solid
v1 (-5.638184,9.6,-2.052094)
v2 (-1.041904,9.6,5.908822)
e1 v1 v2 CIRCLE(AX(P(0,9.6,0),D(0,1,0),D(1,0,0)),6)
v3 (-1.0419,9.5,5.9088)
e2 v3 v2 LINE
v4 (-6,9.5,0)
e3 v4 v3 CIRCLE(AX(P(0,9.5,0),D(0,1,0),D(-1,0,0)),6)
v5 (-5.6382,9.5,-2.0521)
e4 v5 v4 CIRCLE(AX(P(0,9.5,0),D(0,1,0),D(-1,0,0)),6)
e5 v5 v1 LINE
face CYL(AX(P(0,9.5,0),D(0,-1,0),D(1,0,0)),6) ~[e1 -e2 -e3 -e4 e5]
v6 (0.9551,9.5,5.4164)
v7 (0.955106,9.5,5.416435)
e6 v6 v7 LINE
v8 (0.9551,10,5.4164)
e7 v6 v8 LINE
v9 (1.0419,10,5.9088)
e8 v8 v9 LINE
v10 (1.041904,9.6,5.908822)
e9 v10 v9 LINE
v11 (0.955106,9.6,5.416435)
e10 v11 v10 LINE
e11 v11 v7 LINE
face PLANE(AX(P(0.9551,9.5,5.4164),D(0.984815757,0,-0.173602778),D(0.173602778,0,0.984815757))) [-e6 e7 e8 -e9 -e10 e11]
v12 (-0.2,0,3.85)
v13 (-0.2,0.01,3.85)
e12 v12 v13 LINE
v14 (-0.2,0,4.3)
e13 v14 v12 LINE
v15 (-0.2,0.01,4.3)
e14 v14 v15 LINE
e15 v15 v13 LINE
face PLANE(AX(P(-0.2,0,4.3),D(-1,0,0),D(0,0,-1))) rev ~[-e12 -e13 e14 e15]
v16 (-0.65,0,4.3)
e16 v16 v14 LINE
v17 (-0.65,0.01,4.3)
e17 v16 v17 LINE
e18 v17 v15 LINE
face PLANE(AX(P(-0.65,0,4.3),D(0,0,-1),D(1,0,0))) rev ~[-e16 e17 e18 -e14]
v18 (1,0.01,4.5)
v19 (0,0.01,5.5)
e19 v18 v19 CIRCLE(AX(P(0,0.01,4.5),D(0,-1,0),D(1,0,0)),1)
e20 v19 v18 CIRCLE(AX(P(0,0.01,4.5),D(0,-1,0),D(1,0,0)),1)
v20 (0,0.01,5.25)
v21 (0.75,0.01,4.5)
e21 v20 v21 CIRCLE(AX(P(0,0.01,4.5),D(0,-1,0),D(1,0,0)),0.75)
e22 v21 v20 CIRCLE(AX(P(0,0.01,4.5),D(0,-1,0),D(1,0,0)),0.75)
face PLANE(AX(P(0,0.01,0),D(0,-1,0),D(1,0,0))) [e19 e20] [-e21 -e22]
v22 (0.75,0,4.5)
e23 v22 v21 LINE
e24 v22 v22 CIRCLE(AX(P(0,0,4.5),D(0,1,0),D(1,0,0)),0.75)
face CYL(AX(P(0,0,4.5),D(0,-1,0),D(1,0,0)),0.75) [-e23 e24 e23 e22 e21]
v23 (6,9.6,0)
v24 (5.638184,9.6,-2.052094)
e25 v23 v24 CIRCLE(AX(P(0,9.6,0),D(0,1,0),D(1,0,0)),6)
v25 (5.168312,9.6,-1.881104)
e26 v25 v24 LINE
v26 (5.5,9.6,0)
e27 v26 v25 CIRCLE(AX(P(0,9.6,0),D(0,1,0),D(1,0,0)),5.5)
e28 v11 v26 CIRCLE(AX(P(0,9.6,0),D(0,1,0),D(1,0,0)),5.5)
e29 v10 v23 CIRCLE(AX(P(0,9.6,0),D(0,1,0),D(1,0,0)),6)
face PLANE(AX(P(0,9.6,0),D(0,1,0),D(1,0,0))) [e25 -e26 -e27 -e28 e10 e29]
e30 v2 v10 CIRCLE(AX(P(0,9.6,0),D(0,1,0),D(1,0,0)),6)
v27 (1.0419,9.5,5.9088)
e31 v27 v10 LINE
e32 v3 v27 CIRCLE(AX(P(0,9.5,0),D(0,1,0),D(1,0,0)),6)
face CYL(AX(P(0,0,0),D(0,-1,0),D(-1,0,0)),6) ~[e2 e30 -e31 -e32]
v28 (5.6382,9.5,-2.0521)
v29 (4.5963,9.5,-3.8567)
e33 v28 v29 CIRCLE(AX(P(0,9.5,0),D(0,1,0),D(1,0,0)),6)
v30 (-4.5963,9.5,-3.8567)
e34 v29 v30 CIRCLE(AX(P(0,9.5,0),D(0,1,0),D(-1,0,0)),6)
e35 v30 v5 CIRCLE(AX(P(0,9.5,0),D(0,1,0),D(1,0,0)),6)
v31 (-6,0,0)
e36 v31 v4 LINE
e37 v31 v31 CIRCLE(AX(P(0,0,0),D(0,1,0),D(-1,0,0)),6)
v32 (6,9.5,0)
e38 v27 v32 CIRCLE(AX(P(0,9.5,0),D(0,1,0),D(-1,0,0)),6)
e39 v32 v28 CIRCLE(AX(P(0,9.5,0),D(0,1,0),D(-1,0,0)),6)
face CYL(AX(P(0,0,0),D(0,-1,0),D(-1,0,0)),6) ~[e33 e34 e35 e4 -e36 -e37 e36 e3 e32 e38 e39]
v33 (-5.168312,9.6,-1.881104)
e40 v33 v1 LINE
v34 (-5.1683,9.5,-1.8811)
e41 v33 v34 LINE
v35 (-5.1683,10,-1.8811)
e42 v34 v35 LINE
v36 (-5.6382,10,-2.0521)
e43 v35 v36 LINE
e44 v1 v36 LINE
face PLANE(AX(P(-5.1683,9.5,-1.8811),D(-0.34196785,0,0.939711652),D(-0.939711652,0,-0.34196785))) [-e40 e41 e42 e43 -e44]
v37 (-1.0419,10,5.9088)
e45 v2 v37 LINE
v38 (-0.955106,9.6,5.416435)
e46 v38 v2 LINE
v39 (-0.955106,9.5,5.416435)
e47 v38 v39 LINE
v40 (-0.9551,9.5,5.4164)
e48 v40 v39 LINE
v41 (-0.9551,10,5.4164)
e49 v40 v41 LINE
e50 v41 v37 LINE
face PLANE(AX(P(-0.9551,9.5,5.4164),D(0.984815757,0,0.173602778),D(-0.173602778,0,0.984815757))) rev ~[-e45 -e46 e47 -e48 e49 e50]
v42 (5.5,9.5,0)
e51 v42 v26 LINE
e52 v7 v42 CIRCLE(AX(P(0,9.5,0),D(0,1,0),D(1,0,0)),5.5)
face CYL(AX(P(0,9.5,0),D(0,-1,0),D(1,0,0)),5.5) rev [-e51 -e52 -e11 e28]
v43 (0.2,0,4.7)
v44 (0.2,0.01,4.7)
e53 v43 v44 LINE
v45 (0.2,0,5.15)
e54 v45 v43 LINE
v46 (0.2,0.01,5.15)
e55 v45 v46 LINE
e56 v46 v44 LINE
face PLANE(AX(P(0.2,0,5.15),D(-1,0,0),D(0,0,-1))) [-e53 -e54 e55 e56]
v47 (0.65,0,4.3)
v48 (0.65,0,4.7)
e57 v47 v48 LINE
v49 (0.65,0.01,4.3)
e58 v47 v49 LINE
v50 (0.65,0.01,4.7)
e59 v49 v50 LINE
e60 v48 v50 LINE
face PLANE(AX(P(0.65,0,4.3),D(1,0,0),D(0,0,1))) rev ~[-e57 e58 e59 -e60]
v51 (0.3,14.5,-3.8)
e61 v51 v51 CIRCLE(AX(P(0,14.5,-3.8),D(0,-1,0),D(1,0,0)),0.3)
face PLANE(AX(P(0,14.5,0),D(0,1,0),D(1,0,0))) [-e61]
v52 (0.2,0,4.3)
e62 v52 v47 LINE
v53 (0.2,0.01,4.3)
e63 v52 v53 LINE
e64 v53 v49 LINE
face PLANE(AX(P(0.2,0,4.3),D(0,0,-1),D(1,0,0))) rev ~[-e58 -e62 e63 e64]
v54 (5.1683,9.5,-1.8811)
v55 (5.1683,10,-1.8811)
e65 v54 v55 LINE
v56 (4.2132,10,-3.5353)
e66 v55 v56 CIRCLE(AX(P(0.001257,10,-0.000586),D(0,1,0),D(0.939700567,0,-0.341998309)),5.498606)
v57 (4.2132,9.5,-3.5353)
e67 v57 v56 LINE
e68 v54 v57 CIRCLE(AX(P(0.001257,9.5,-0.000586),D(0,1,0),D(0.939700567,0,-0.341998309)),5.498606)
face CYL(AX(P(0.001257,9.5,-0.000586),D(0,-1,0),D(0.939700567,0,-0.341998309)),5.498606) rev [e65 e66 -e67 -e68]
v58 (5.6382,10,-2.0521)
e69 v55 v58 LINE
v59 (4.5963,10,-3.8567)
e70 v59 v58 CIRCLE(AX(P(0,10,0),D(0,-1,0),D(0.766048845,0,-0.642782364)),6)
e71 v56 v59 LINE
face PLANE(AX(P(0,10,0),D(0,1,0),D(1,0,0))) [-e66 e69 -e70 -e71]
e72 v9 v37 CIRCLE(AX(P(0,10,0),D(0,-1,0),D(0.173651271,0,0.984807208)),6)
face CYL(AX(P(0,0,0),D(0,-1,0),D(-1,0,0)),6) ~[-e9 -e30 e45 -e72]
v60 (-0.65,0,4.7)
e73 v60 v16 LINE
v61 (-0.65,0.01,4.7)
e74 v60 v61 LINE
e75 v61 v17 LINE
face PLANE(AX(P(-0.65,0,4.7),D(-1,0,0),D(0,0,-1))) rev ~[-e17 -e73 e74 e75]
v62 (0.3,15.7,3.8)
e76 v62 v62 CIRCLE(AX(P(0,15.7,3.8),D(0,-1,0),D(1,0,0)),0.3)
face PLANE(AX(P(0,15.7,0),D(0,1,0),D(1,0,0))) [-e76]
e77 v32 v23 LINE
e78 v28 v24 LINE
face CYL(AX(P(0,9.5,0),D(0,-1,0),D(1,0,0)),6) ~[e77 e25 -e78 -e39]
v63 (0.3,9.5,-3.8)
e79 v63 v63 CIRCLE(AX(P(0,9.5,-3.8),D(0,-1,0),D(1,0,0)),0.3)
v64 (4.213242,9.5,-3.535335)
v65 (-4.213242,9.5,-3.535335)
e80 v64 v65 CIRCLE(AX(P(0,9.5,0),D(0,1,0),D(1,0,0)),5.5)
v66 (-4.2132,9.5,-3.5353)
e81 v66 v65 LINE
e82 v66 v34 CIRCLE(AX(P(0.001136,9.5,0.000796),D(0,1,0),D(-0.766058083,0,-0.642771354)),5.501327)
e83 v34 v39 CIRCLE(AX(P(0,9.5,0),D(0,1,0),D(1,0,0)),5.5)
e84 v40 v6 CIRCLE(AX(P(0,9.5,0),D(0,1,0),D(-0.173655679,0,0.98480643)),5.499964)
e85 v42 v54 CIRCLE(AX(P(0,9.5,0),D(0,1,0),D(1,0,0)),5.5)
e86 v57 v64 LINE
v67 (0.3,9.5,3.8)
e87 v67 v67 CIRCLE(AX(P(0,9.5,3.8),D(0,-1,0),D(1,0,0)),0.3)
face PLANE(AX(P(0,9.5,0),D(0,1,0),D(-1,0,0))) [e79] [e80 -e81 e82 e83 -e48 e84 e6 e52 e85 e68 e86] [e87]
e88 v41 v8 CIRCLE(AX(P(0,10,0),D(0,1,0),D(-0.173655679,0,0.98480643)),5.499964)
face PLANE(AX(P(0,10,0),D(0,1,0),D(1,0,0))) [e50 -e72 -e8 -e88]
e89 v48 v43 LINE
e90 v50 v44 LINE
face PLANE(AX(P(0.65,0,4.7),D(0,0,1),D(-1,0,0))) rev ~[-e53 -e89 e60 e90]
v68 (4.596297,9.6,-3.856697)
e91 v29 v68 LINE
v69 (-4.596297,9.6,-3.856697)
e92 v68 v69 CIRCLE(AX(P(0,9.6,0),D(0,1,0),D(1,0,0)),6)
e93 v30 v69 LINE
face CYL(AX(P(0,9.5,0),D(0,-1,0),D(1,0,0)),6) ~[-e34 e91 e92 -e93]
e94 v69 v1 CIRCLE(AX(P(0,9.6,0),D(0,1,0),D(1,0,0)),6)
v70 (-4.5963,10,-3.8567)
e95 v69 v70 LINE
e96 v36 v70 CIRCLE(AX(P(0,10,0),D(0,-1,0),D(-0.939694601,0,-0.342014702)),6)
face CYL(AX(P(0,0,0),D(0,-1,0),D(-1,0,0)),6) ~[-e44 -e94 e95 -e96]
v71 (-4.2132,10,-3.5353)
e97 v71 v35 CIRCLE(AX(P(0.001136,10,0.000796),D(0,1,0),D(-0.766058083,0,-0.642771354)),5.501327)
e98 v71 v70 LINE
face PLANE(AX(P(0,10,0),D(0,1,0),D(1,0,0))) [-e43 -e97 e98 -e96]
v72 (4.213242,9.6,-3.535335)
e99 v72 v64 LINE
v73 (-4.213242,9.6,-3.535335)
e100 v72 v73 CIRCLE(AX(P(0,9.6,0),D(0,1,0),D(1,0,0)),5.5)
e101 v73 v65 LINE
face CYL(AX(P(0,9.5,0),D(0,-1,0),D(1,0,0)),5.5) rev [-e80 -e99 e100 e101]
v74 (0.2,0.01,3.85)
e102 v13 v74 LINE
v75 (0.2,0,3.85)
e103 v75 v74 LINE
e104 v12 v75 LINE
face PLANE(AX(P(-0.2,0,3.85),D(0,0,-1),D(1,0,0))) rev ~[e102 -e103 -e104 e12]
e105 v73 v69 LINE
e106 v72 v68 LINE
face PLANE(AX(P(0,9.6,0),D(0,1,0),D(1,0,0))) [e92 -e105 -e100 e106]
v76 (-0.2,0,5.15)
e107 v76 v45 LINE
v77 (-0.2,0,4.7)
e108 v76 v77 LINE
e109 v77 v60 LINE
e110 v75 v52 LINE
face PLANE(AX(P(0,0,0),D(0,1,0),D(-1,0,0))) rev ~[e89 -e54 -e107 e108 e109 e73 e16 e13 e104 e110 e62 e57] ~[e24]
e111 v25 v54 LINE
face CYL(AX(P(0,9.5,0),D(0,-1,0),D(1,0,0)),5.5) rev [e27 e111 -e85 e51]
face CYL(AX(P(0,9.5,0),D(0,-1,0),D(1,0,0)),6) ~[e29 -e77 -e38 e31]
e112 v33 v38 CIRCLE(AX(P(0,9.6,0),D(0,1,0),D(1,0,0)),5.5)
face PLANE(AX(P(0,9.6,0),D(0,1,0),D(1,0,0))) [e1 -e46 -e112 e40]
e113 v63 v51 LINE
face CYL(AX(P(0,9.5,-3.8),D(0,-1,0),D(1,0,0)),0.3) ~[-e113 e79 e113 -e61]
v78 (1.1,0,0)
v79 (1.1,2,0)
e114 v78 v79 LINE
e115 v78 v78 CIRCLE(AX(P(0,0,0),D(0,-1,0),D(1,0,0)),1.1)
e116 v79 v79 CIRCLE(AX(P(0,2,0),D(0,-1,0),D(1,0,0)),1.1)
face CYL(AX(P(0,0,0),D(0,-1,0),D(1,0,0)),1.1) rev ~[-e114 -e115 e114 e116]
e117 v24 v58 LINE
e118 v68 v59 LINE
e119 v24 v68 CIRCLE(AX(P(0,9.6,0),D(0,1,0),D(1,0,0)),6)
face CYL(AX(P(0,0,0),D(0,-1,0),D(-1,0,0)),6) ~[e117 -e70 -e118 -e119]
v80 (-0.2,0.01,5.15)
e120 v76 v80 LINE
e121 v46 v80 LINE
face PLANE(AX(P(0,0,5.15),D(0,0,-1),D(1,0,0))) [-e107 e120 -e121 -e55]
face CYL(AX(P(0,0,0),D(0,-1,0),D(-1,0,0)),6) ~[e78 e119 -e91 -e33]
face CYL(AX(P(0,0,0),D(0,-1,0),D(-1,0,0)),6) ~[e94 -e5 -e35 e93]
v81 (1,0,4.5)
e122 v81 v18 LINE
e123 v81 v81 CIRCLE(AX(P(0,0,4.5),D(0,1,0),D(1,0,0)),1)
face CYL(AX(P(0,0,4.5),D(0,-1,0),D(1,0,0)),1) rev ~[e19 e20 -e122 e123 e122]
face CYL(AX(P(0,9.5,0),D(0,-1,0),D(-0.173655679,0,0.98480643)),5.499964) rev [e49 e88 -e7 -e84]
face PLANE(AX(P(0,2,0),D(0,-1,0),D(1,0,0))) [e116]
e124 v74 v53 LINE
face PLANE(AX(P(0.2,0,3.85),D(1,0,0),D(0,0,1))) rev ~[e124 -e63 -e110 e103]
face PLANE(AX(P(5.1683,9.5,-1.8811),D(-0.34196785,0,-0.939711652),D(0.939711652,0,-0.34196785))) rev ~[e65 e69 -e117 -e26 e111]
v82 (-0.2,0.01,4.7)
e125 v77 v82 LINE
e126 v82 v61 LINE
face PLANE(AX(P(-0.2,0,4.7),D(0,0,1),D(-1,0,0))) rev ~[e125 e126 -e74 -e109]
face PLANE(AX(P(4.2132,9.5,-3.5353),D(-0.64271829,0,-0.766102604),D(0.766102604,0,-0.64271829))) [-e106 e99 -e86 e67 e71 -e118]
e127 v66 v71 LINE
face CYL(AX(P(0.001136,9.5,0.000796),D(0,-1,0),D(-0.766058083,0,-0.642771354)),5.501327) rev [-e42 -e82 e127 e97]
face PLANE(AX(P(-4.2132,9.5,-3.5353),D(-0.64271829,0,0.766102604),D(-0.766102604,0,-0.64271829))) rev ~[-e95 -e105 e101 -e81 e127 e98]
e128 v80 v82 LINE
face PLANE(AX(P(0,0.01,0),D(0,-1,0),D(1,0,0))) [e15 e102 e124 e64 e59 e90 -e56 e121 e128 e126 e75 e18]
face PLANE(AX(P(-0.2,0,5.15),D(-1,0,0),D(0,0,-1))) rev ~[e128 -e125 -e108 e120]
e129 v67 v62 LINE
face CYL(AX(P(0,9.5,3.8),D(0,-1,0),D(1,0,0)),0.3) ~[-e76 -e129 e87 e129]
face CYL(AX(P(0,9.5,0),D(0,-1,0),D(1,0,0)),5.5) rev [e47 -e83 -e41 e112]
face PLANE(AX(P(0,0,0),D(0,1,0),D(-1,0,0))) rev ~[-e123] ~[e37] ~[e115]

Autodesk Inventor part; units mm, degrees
ref_plane "YZ Plane" through (0, 0, 0) normal (1, 0, 0) x (0, 1, 0)
ref_plane "XZ Plane" through (0, 0, 0) normal (0, 1, 0) x (-1, 0, 0)
ref_plane "XY Plane" through (0, 0, 0) normal (0, 0, 1) x (1, 0, 0)
sketch "Esboço1" plane through (0, 0, 0) normal (0, 1, 0) x (-1, 0, 0)
  circle A0 centre (0, 0) radius 6
  dimension "d0" = 12
extrude "Extrusão1" add sketch "Esboço1" along normal blind 9.5
sketch "Esboço2" plane through (0, 9.5, 0) normal (0, 1, 0) x (1, 0, 0)
  line L0 (0, 0) -> (0, 3.8)
  circle A0 centre (0, 3.8) radius 0.3
  dimension "d3" = 3.8
  dimension "d4" = 0.6
extrude "Extrusão2" add sketch "Esboço2" along normal blind 5
sketch "Esboço3" plane through (0, 9.5, 0) normal (0, 1, 0) x (1, 0, 0)
  circle A0 centre (0, 3.8) radius 0.3 projected
  line L0 (0, 3.8) -> (0, -3.8)
  circle A1 centre (0, -3.8) radius 0.3
  point P0 (0, 0)
  dimension "d7" = 7.6
extrude "Extrusão3" add sketch "Esboço3" along normal blind 6.2 contours A1
sketch "Esboço4" plane through (0, 9.5, 0) normal (0, 1, 0) x (1, 0, 0)
  line L0 (-0.9551, -5.4164) -> (-1.0419, -5.9088)
  circle A0 centre (0, 0) radius 6 projected
  line L1 (0, 0) -> (6, 0) construction
  line L2 (0.9551, -5.4164) -> (1.0419, -5.9088)
  arc A1 (-1.0419, -5.9088) -> (1.0419, -5.9088) centre (0, 0) ccw
  line L3 (0, -6) -> (0, -5.5)
  line L4 (1.0419, -5.9088) -> (0.9551, -5.4164)
  line L5 (-1.0419, -5.9088) -> (-0.9551, -5.4164)
  arc A2 (-0.9551, -5.4164) -> (0.9551, -5.4164) centre (0, 0) ccw
  line L6 (5.1683, 1.8811) -> (5.6382, 2.0521)
  line L7 (4.2132, 3.5353) -> (4.5963, 3.8567)
  arc A3 (5.6382, 2.0521) -> (4.5963, 3.8567) centre (0, 0) ccw
  line L8 (5.1962, 3) -> (4.7631, 2.75)
  line L9 (4.5963, 3.8567) -> (4.2132, 3.5353)
  line L10 (5.6382, 2.0521) -> (5.1683, 1.8811)
  arc A4 (5.1683, 1.8811) -> (4.2132, 3.5353) centre (0, 0) ccw
  line L11 (-4.2132, 3.5353) -> (-4.5963, 3.8567)
  line L12 (-5.1683, 1.8811) -> (-5.6382, 2.0521)
  arc A5 (-4.5963, 3.8567) -> (-5.6382, 2.0521) centre (0, 0) ccw
  line L13 (-5.1962, 3) -> (-4.7631, 2.75)
  line L14 (-5.6382, 2.0521) -> (-5.1683, 1.8811)
  line L15 (-4.5963, 3.8567) -> (-4.2132, 3.5353)
  arc A6 (-4.2132, 3.5353) -> (-5.1683, 1.8811) centre (0, 0) ccw
  dimension "d10" = 100
  dimension "d11" = 0.5
  dimension "d12" = 0.5
  dimension "d13" = 0.5
  dimension "d16" = 360
extrude "Extrusão4" add sketch "Esboço4" along normal blind 0.5 contours A2 L3 A0 L0 | A2 L2 A0 L3 | A0 L13 A6 L12 | A0 L11 A6 L13 | A0 L8 A4 L7 | L6 A4 L8 A0
sketch "Esboço5" plane through (0, 0, 0) normal (0, -1, 0) x (1, 0, 0)
  circle A0 centre (0, 0) radius 1.1
  dimension "d20" = 2.2
extrude "Extrusão5" cut sketch "Esboço5" against normal blind 2
sketch "Esboço6" plane through (0, 0, 0) normal (0, -1, 0) x (1, 0, 0)
  circle A0 centre (0, 0) radius 6 projected
  line L0 (0, 6) -> (0, 4.5)
  circle A1 centre (0, 4.5) radius 1
  circle A2 centre (0, 4.5) radius 0.75
  line L1 (0, 5.25) -> (0, 5.15)
  line L2 (0, 5.15) -> (-0.2, 5.15)
  line L3 (-0.2, 5.15) -> (-0.2, 4.7)
  line L4 (-0.2, 4.7) -> (-0.65, 4.7)
  line L5 (-0.65, 4.7) -> (-0.65, 4.3)
  line L6 (-0.65, 4.3) -> (-0.2, 4.3)
  line L7 (-0.2, 4.3) -> (-0.2, 3.85)
  line L8 (-0.2, 3.85) -> (0.2, 3.85)
  line L9 (0.2, 3.85) -> (0.2, 4.3)
  line L10 (0.2, 4.3) -> (0.65, 4.3)
  line L11 (0.65, 4.3) -> (0.65, 4.7)
  line L12 (0.65, 4.7) -> (0.2, 4.7)
  line L13 (0, 5.15) -> (0.2, 5.15)
  line L14 (0.2, 5.15) -> (0.2, 4.7)
  dimension "d25" = 1.5
  dimension "d23" = 1.5
  dimension "d24" = 2
  dimension "d26" = 0.1
  dimension "d27" = 0.2
  dimension "d28" = 0.45
  dimension "d29" = 0.45
  dimension "d30" = 0.4
  dimension "d31" = 0.45
  dimension "d32" = 0.4
  dimension "d33" = 0.45
  dimension "d34" = 0.2
extrude "Extrusão6" cut sketch "Esboço6" against normal blind 0.01 contours L13 L14 L12 L11 L10 L9 L8 L7 L6 L5 L4 L3 L2 | A1
sketch "Esboço7" plane through (0, 9.5, 0) normal (0, 1, 0) x (1, 0, 0)
  circle A0 centre (0, 0) radius 1.1 projected
  circle A1 centre (0, 0) radius 6
  circle A2 centre (0, 0) radius 5.5
extrude "Extrusão7" add sketch "Esboço7" along normal blind 0.1 contours A1
properties part number "Buzzer 5v" material "Plástico PBT"
